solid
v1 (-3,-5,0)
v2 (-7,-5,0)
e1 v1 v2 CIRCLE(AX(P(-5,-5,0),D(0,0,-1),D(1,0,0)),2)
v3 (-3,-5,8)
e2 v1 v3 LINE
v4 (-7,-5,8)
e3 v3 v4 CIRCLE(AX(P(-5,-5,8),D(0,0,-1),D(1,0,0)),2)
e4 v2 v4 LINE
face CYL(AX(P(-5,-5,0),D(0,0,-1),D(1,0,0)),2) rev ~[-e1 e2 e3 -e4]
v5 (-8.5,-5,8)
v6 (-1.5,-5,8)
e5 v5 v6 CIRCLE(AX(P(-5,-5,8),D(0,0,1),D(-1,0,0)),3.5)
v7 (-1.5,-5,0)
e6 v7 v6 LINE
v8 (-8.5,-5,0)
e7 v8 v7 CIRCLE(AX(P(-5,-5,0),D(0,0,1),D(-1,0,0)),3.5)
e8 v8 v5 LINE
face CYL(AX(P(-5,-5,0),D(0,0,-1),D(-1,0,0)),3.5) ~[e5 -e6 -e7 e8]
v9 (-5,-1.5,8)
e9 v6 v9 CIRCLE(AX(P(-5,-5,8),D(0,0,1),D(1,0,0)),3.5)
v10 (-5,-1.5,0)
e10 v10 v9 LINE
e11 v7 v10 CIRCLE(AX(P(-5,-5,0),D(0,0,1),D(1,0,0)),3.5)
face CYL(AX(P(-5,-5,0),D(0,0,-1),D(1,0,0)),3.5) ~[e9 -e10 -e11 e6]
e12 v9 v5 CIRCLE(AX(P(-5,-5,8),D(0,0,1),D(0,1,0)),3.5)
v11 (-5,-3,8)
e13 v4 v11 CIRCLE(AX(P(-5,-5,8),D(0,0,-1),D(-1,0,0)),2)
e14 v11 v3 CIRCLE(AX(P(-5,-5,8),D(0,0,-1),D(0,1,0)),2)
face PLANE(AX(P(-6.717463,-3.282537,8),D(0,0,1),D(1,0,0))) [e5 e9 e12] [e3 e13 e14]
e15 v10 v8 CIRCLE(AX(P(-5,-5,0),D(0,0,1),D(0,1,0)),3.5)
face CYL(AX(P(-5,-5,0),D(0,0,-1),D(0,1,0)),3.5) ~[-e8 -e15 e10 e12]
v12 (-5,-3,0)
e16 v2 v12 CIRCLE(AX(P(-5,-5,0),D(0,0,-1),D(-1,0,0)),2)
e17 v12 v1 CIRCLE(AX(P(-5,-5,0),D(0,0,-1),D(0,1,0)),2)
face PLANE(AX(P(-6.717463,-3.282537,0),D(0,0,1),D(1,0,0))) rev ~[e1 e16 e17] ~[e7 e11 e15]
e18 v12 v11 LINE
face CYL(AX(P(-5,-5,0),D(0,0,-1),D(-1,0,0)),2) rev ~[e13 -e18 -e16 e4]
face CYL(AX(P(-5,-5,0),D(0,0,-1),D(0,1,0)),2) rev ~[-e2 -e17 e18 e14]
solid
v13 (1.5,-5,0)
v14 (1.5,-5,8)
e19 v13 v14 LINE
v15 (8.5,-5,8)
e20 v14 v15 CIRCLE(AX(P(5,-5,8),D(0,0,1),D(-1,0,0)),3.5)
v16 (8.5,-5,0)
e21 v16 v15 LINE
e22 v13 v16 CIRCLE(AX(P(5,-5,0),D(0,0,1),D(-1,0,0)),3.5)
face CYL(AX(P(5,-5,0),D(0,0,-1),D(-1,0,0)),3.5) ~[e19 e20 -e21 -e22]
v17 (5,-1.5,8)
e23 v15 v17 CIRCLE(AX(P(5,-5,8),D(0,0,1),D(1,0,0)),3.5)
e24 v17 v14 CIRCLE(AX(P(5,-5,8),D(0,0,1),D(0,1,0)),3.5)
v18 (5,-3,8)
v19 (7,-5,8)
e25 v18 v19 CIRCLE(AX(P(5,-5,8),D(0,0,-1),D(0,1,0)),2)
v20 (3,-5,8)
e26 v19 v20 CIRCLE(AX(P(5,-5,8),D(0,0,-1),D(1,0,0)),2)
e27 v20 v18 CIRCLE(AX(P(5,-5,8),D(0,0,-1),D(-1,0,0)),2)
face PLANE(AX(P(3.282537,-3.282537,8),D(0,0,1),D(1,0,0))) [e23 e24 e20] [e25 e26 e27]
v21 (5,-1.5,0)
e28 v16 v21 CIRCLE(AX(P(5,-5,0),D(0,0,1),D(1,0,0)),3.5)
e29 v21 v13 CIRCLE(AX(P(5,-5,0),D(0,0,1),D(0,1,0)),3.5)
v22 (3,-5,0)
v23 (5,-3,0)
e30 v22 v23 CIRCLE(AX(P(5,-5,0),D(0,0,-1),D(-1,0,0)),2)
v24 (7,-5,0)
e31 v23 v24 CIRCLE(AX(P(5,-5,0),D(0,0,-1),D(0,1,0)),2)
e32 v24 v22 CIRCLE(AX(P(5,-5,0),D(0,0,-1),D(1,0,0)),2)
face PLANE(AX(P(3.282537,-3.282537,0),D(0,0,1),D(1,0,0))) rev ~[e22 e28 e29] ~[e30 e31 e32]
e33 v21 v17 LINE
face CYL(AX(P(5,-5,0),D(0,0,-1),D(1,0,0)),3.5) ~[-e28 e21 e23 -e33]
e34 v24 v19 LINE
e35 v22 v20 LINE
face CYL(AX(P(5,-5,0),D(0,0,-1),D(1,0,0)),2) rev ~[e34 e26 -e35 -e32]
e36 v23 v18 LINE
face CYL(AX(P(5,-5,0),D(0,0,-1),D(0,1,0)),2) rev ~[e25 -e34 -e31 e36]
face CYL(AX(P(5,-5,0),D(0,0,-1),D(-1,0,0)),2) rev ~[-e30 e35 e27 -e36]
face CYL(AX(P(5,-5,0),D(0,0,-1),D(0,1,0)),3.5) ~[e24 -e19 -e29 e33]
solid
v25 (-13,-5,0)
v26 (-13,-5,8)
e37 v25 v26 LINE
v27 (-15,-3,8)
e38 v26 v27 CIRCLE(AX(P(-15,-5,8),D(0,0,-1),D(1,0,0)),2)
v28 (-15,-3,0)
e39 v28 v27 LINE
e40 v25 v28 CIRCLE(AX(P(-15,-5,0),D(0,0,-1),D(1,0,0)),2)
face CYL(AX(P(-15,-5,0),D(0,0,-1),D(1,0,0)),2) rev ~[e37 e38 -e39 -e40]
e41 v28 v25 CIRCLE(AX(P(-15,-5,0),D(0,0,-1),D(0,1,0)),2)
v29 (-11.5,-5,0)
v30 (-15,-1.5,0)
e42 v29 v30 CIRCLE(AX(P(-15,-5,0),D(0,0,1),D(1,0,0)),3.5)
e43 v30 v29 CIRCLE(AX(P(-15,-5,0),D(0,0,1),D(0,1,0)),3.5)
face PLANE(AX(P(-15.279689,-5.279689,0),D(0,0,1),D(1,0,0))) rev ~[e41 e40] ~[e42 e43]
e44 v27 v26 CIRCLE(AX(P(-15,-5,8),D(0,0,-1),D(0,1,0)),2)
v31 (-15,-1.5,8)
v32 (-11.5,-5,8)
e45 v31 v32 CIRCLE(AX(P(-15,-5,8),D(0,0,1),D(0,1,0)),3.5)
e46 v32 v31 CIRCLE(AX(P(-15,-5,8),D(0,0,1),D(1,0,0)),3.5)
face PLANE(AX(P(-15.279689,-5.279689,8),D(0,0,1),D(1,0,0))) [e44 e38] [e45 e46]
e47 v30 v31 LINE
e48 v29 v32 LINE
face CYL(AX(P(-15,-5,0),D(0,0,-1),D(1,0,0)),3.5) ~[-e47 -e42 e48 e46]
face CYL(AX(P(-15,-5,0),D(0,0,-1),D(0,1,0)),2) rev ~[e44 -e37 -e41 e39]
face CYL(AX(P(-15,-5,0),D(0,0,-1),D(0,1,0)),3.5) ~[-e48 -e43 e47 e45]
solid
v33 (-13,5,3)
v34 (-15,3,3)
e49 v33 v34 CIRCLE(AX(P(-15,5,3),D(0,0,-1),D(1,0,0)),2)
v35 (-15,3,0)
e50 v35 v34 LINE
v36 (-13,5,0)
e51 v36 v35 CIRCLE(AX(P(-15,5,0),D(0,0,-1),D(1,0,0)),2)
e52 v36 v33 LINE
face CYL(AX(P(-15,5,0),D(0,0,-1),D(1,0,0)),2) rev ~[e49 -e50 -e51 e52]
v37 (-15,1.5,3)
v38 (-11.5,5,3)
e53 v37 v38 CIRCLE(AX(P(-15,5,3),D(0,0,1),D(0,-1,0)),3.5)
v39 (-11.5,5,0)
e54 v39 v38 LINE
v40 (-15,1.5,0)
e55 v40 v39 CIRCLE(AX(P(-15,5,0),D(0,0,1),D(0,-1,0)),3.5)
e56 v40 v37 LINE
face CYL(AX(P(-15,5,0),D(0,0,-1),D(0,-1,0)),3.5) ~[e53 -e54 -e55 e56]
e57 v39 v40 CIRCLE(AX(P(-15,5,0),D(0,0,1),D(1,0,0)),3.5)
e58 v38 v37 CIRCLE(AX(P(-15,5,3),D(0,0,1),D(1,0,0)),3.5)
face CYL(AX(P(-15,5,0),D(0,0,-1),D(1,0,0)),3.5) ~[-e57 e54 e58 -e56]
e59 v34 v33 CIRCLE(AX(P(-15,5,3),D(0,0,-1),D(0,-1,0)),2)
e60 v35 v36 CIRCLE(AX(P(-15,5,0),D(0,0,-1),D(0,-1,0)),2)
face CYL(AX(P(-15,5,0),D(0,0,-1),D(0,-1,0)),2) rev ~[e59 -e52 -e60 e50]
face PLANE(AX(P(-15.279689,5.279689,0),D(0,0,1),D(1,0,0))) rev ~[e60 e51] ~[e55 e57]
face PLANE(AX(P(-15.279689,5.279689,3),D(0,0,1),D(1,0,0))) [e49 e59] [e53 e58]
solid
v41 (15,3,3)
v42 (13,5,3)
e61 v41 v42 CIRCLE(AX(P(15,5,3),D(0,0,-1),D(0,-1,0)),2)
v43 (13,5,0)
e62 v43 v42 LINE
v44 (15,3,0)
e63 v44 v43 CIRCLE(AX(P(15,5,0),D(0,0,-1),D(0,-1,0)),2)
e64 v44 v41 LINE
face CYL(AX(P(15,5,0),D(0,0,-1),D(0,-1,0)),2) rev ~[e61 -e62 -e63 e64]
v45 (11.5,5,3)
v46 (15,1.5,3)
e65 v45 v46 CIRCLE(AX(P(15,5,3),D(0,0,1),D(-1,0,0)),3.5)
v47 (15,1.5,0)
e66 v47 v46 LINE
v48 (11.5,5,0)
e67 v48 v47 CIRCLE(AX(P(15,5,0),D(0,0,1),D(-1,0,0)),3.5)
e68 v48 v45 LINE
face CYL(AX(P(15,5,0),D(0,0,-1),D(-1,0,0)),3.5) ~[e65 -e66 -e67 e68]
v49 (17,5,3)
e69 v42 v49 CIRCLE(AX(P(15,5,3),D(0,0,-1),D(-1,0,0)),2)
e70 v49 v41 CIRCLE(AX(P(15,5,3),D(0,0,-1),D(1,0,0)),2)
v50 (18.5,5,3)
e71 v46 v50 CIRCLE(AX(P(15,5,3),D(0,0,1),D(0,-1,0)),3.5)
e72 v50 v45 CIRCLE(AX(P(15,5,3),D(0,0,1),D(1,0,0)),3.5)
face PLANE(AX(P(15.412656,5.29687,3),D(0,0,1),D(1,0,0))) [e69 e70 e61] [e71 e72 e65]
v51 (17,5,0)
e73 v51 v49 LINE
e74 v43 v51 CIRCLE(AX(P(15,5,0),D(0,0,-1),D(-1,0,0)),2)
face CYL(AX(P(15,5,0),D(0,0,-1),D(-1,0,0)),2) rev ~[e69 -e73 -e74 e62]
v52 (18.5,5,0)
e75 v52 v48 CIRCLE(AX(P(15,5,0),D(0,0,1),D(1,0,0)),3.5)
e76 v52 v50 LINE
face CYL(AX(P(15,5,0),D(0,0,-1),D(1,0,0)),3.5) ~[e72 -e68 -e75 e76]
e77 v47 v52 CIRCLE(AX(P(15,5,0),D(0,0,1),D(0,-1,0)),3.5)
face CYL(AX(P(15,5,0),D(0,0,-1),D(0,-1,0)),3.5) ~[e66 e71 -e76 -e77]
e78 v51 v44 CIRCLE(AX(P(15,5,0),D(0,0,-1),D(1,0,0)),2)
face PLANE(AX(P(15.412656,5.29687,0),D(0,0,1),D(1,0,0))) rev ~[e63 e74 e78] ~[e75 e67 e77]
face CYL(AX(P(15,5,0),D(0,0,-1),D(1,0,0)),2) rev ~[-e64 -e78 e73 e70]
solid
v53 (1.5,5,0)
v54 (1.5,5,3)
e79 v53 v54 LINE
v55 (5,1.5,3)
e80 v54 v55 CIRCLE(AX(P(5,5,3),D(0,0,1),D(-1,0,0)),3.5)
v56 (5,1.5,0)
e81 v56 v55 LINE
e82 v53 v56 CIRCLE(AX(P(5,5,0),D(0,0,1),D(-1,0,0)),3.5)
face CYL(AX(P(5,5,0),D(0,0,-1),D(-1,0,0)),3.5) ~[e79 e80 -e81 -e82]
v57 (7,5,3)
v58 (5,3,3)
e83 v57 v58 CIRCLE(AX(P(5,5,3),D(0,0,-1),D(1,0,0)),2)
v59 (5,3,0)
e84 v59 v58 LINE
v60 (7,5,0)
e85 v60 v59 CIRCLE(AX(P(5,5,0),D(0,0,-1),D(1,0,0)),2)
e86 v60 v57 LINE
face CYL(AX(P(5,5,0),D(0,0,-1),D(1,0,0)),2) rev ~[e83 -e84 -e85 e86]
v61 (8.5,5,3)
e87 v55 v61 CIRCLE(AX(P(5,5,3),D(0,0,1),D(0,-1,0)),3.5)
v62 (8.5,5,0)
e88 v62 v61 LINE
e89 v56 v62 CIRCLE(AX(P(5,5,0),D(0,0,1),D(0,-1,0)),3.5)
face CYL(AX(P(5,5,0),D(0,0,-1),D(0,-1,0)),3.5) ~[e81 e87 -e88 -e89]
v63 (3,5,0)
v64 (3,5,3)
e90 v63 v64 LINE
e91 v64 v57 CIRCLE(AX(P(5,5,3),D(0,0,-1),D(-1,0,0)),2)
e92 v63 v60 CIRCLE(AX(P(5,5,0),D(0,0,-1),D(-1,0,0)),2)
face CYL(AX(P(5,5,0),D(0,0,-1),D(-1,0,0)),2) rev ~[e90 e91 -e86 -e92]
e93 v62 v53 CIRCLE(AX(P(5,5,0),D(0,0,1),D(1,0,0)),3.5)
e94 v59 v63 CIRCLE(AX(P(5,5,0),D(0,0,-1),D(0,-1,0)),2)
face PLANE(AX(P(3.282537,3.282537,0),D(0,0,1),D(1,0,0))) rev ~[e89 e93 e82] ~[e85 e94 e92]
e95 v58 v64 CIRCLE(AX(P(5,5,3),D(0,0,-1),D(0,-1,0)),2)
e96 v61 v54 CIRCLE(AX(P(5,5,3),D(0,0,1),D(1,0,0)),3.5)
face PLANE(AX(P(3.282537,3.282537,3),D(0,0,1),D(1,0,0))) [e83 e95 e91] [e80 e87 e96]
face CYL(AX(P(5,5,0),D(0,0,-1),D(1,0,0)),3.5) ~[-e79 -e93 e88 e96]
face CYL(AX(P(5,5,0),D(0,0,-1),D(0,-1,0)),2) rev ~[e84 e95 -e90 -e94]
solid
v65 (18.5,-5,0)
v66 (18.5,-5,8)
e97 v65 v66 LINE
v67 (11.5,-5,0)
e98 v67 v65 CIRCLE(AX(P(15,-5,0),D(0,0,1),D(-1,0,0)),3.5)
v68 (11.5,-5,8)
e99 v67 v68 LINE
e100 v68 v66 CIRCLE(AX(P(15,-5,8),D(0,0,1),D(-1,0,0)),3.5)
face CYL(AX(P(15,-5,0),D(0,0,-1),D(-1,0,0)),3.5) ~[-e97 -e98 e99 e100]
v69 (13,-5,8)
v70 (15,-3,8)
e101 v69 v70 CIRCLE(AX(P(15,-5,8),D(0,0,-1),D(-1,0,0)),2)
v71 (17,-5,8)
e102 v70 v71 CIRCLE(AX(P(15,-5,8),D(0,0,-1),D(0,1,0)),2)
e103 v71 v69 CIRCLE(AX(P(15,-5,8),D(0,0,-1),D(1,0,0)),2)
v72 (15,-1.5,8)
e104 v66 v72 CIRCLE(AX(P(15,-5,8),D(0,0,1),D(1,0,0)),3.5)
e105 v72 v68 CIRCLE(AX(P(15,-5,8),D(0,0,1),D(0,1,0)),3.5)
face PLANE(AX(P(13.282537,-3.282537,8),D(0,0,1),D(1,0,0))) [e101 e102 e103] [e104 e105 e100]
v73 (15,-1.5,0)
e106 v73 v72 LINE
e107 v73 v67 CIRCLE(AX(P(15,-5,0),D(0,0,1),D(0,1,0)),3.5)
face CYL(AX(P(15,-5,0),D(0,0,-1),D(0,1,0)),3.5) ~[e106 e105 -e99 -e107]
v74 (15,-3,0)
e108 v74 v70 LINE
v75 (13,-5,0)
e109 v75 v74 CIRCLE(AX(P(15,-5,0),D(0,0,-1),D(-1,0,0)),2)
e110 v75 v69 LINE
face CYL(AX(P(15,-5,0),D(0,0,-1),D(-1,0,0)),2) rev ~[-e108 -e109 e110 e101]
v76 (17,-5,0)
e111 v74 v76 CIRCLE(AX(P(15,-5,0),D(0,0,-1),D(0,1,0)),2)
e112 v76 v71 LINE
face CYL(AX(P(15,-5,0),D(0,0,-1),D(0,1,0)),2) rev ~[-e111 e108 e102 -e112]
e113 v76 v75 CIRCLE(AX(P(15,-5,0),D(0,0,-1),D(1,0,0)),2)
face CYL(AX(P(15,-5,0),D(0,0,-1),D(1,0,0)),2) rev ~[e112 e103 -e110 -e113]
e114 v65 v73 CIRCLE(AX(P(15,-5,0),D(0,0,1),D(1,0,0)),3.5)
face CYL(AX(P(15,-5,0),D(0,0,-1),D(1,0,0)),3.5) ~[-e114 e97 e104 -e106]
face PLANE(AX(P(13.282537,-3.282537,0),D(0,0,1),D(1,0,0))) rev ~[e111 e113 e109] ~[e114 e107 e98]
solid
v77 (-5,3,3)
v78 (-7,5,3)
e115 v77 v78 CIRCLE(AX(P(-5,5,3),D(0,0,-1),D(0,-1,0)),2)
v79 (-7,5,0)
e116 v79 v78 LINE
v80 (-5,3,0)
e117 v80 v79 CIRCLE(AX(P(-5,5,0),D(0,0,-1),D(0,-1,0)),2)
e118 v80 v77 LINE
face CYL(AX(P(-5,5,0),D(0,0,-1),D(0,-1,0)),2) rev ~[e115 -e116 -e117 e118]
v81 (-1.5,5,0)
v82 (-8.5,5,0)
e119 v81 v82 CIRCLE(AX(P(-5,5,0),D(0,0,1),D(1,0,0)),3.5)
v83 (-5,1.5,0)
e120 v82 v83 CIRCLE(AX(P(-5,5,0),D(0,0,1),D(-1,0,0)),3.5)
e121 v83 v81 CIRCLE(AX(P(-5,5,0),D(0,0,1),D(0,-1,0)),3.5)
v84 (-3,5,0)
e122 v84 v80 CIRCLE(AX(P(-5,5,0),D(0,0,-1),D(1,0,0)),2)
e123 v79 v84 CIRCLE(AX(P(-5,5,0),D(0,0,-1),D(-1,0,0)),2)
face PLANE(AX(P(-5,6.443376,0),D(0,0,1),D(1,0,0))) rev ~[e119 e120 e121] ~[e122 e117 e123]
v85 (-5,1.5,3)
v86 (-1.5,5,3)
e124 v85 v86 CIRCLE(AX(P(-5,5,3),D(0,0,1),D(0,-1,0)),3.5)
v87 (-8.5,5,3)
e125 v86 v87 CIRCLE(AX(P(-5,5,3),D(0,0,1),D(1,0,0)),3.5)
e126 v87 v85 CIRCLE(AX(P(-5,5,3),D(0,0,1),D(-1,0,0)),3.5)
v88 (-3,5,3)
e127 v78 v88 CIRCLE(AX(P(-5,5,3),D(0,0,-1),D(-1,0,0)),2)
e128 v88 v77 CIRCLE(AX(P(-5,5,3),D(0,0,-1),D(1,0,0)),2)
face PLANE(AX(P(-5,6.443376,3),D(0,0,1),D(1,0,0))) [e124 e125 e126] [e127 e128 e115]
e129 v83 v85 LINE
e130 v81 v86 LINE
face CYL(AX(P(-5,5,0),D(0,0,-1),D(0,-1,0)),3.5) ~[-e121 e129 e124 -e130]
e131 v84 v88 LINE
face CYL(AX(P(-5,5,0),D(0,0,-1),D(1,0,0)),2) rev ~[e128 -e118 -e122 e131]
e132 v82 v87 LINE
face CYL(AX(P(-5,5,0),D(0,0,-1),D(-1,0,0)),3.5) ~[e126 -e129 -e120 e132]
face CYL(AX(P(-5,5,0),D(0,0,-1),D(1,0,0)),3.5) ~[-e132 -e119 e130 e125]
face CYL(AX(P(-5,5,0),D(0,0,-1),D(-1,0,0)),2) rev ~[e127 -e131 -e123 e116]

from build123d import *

# Parameters (mm, degrees)
F1_DEPTH = 3
F2_DEPTH = 8


with BuildPart() as f1:
    # F0 (on Top) → F1 (new body)
    with BuildSketch(Plane.XY):
        with BuildLine():
            Line((-13, 5), (-11.5, 5))
            ThreePointArc((-11.5, 5), (-17.4748737342, 7.4748737342), (-15, 1.5))
            Line((-15, 1.5), (-15, 3))
            ThreePointArc((-15, 3), (-16.4142135624, 6.4142135624), (-13, 5))
        make_face()
        with BuildLine():
            ThreePointArc((-15, 1.5), (-12.5251262658, 2.5251262658), (-11.5, 5))
            Line((-11.5, 5), (-13, 5))
            ThreePointArc((-13, 5), (-13.5857864376, 3.5857864376), (-15, 3))
            Line((-15, 3), (-15, 1.5))
        make_face()
    extrude(amount=F1_DEPTH)


with BuildPart() as f1b:
    # F0 (on Top) → F1, piece 2 (new body)
    with BuildSketch(Plane.XY):
        with BuildLine():
            ThreePointArc((-1.5, 5), (-5, 8.5), (-8.5, 5))
            Line((-8.5, 5), (-7, 5))
            ThreePointArc((-7, 5), (-5, 7), (-3, 5))
            Line((-3, 5), (-1.5, 5))
        make_face()
        with BuildLine():
            Line((-5, 3), (-5, 1.5))
            ThreePointArc((-5, 1.5), (-2.5251262658, 2.5251262658), (-1.5, 5))
            Line((-1.5, 5), (-3, 5))
            ThreePointArc((-3, 5), (-3.5857864376, 3.5857864376), (-5, 3))
        make_face()
        with BuildLine():
            ThreePointArc((-8.5, 5), (-7.4748737342, 2.5251262658), (-5, 1.5))
            Line((-5, 1.5), (-5, 3))
            ThreePointArc((-5, 3), (-6.4142135624, 3.5857864376), (-7, 5))
            Line((-7, 5), (-8.5, 5))
        make_face()
    extrude(amount=F1_DEPTH)


with BuildPart() as f1c:
    # F0 (on Top) → F1, piece 3 (new body)
    with BuildSketch(Plane.XY):
        with BuildLine():
            ThreePointArc((1.5, 5), (2.5251262658, 2.5251262658), (5, 1.5))
            Line((5, 1.5), (5, 3))
            ThreePointArc((5, 3), (3.5857864376, 3.5857864376), (3, 5))
            Line((3, 5), (1.5, 5))
        make_face()
        with BuildLine():
            Line((5, 3), (5, 1.5))
            ThreePointArc((5, 1.5), (7.4748737342, 2.5251262658), (8.5, 5))
            Line((8.5, 5), (7, 5))
            ThreePointArc((7, 5), (6.4142135624, 3.5857864376), (5, 3))
        make_face()
        with BuildLine():
            ThreePointArc((8.5, 5), (5, 8.5), (1.5, 5))
            Line((1.5, 5), (3, 5))
            ThreePointArc((3, 5), (5, 7), (7, 5))
            Line((7, 5), (8.5, 5))
        make_face()
    extrude(amount=F1_DEPTH)


with BuildPart() as f1d:
    # F0 (on Top) → F1, piece 4 (new body)
    with BuildSketch(Plane.XY):
        with BuildLine():
            ThreePointArc((18.5, 5), (15, 8.5), (11.5, 5))
            Line((11.5, 5), (13, 5))
            ThreePointArc((13, 5), (15, 7), (17, 5))
            ThreePointArc((17, 5), (16.4142135624, 3.5857864376), (15, 3))
            Line((15, 3), (15, 1.5))
            ThreePointArc((15, 1.5), (17.4748737342, 2.5251262658), (18.5, 5))
        make_face()
        with BuildLine():
            Line((13, 5), (11.5, 5))
            ThreePointArc((11.5, 5), (12.5251262658, 2.5251262658), (15, 1.5))
            Line((15, 1.5), (15, 3))
            ThreePointArc((15, 3), (13.5857864376, 3.5857864376), (13, 5))
        make_face()
    extrude(amount=F1_DEPTH)


with BuildPart() as f2:
    # F0 (on Top) → F2 (new body)
    with BuildSketch(Plane.XY):
        with BuildLine():
            ThreePointArc((-15, -1.5), (-17.4748737342, -7.4748737342), (-11.5, -5))
            Line((-11.5, -5), (-13, -5))
            ThreePointArc((-13, -5), (-16.4142135624, -6.4142135624), (-15, -3))
            Line((-15, -3), (-15, -1.5))
        make_face()
        with BuildLine():
            Line((-13, -5), (-11.5, -5))
            ThreePointArc((-11.5, -5), (-12.5251262658, -2.5251262658), (-15, -1.5))
            Line((-15, -1.5), (-15, -3))
            ThreePointArc((-15, -3), (-13.5857864376, -3.5857864376), (-13, -5))
        make_face()
    extrude(amount=F2_DEPTH)


with BuildPart() as f2b:
    # F0 (on Top) → F2, piece 2 (new body)
    with BuildSketch(Plane.XY):
        with BuildLine():
            ThreePointArc((-7, -5), (-6.4142135624, -3.5857864376), (-5, -3))
            Line((-5, -3), (-5, -1.5))
            ThreePointArc((-5, -1.5), (-7.4748737342, -2.5251262658), (-8.5, -5))
            Line((-8.5, -5), (-7, -5))
        make_face()
        with BuildLine():
            ThreePointArc((-5, -3), (-3.5857864376, -3.5857864376), (-3, -5))
            Line((-3, -5), (-1.5, -5))
            ThreePointArc((-1.5, -5), (-2.5251262658, -2.5251262658), (-5, -1.5))
            Line((-5, -1.5), (-5, -3))
        make_face()
        with BuildLine():
            Line((-1.5, -5), (-3, -5))
            ThreePointArc((-3, -5), (-5, -7), (-7, -5))
            Line((-7, -5), (-8.5, -5))
            ThreePointArc((-8.5, -5), (-5, -8.5), (-1.5, -5))
        make_face()
    extrude(amount=F2_DEPTH)


with BuildPart() as f2c:
    # F0 (on Top) → F2, piece 3 (new body)
    with BuildSketch(Plane.XY):
        with BuildLine():
            ThreePointArc((5, -1.5), (2.5251262658, -2.5251262658), (1.5, -5))
            Line((1.5, -5), (3, -5))
            ThreePointArc((3, -5), (3.5857864376, -3.5857864376), (5, -3))
            Line((5, -3), (5, -1.5))
        make_face()
        with BuildLine():
            Line((3, -5), (1.5, -5))
            ThreePointArc((1.5, -5), (5, -8.5), (8.5, -5))
            Line((8.5, -5), (7, -5))
            ThreePointArc((7, -5), (5, -7), (3, -5))
        make_face()
        with BuildLine():
            ThreePointArc((8.5, -5), (7.4748737342, -2.5251262658), (5, -1.5))
            Line((5, -1.5), (5, -3))
            ThreePointArc((5, -3), (6.4142135624, -3.5857864376), (7, -5))
            Line((7, -5), (8.5, -5))
        make_face()
    extrude(amount=F2_DEPTH)


with BuildPart() as f2d:
    # F0 (on Top) → F2, piece 4 (new body)
    with BuildSketch(Plane.XY):
        with BuildLine():
            ThreePointArc((15, -1.5), (12.5251262658, -2.5251262658), (11.5, -5))
            Line((11.5, -5), (13, -5))
            ThreePointArc((13, -5), (13.5857864376, -3.5857864376), (15, -3))
            Line((15, -3), (15, -1.5))
        make_face()
        with BuildLine():
            Line((13, -5), (11.5, -5))
            ThreePointArc((11.5, -5), (15, -8.5), (18.5, -5))
            ThreePointArc((18.5, -5), (17.4748737342, -2.5251262658), (15, -1.5))
            Line((15, -1.5), (15, -3))
            ThreePointArc((15, -3), (16.4142135624, -3.5857864376), (17, -5))
            ThreePointArc((17, -5), (15, -7), (13, -5))
        make_face()
    extrude(amount=F2_DEPTH)


solid = Compound([f1.part, f1b.part, f1c.part, f1d.part, f2.part, f2b.part, f2c.part, f2d.part])
